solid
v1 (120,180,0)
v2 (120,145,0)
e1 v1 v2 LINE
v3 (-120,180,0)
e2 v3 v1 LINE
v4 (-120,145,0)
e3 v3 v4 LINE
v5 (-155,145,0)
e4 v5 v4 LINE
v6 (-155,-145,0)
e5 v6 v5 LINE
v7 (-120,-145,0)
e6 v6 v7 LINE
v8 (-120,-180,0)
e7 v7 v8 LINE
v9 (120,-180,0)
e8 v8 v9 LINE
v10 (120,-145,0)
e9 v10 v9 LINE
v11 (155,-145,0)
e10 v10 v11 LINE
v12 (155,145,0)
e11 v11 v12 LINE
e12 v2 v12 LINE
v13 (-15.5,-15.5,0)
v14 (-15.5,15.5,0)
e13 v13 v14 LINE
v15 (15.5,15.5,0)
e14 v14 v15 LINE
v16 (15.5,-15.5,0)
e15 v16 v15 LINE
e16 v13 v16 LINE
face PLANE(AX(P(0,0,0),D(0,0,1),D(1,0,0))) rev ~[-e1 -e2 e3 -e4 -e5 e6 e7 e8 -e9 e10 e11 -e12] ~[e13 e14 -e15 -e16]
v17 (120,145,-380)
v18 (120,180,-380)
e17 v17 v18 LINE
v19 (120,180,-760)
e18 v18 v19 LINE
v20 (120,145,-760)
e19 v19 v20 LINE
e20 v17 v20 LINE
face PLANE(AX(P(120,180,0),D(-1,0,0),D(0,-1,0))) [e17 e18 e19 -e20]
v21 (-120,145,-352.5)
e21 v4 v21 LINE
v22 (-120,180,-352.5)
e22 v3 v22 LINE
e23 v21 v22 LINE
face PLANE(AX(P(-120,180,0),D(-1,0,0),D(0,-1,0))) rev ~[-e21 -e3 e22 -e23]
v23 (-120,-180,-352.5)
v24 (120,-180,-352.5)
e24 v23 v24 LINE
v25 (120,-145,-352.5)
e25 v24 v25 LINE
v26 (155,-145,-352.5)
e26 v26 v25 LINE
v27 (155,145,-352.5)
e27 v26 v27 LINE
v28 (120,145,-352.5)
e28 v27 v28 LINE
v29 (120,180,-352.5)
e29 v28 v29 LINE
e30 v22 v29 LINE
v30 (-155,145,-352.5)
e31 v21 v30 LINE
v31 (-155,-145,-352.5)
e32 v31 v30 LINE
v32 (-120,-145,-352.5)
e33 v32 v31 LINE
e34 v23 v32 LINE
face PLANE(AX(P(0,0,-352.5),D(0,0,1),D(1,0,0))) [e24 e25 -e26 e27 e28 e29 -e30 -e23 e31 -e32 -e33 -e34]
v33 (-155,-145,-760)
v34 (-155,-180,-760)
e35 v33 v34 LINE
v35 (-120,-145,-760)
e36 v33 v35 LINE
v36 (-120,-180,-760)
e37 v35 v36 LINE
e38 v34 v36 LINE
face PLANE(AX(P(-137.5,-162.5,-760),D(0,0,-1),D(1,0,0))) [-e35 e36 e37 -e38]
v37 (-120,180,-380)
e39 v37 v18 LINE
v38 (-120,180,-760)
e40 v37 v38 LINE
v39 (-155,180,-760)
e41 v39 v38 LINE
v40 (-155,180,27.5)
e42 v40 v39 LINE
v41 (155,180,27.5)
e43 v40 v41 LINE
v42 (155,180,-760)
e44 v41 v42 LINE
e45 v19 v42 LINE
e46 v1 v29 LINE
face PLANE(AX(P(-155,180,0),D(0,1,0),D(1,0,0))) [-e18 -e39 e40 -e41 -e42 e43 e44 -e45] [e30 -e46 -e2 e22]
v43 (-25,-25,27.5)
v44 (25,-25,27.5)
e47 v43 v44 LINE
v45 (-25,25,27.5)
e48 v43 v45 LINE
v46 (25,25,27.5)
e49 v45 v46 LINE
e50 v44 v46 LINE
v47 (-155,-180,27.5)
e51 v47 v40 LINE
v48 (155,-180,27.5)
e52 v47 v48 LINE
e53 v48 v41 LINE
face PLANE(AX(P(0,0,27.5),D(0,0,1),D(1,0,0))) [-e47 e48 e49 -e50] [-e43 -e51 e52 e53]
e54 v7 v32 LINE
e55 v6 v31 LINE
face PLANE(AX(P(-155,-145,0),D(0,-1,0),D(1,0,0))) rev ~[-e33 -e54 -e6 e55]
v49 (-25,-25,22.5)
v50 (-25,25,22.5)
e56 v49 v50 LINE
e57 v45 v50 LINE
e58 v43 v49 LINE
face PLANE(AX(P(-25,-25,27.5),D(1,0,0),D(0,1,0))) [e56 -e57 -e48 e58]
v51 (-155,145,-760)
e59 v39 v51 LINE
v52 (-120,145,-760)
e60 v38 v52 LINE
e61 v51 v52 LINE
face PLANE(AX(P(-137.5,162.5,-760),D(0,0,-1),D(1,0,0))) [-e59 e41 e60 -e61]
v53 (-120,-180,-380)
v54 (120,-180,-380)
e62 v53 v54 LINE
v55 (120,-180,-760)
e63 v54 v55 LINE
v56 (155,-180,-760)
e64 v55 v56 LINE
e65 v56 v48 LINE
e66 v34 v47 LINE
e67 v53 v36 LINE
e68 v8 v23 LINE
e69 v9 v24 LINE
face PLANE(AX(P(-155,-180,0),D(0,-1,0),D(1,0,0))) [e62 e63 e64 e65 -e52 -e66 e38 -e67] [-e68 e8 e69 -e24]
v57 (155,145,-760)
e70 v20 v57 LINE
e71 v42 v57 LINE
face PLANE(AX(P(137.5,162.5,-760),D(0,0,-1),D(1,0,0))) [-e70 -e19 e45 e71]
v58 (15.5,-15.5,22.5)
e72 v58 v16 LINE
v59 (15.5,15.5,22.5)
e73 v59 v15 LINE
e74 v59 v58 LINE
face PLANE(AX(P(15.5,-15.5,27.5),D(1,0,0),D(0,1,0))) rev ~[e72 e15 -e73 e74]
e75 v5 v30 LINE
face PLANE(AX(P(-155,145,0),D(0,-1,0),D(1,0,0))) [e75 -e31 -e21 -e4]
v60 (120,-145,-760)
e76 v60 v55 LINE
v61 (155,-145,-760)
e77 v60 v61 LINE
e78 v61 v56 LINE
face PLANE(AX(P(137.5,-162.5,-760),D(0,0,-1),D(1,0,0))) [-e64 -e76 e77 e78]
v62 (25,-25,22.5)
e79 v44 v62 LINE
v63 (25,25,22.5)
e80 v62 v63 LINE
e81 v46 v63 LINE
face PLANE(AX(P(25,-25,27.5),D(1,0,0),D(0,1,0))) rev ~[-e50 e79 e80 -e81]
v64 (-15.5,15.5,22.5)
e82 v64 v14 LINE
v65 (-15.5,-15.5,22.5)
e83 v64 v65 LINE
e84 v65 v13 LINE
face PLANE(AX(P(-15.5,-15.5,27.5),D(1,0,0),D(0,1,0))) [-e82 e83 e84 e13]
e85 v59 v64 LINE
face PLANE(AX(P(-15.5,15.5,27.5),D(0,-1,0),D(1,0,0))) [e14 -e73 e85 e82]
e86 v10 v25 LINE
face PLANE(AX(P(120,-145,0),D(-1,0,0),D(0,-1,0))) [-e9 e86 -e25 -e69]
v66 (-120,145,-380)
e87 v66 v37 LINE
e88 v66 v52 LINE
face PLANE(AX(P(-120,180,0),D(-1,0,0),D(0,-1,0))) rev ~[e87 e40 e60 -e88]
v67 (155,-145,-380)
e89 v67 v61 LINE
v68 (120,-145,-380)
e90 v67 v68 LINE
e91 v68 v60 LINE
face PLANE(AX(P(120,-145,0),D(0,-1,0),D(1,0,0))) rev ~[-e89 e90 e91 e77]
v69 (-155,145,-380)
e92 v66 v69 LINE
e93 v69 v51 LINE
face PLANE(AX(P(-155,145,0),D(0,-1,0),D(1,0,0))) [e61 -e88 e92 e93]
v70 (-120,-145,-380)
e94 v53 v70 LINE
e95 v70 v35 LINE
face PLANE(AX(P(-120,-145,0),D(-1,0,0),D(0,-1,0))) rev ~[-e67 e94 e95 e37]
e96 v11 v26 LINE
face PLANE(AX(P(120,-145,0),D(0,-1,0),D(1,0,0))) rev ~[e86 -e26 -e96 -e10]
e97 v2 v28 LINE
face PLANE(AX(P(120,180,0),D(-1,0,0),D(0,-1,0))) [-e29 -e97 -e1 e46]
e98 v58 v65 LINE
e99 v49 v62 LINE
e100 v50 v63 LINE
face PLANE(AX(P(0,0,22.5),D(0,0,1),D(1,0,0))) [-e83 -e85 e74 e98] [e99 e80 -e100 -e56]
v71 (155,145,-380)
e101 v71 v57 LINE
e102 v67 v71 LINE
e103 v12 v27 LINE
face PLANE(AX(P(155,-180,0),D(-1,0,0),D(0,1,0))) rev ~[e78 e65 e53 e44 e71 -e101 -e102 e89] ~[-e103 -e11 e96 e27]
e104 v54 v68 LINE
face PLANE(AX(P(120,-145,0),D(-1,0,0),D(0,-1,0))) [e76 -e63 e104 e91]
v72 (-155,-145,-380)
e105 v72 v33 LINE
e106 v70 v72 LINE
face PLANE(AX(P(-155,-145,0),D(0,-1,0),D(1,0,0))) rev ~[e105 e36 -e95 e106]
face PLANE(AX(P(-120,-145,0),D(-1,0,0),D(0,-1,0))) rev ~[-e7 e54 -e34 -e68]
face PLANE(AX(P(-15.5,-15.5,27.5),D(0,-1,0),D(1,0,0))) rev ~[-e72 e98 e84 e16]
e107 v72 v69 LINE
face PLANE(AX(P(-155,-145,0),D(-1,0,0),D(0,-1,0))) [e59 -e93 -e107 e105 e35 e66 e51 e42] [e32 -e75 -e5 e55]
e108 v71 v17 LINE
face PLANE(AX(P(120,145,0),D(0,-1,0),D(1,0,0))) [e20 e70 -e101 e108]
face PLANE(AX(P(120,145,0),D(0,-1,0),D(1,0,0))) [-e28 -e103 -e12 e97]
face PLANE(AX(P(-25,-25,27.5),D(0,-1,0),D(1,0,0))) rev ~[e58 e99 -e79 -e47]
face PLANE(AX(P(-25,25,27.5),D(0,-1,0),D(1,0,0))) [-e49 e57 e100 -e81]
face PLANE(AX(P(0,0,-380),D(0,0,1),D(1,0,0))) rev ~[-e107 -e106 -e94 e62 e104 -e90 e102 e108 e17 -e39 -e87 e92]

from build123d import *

# Parameters (mm, degrees)
SKETCH_W            = 310
SKETCH_H            = 360
PAD_DEPTH           = 27.5
SKETCH001_W         = 35
SKETCH001_H         = 35
PAD001_DEPTH        = 760
LINEARPATTERN_COUNT = 2
LINEARPATTERN_PITCH = 380
SKETCH002_W         = 31
SKETCH002_H         = 31
POCKET_DEPTH        = 28
SKETCH003_W         = 50
SKETCH003_H         = 50
POCKET001_DEPTH     = 5


with BuildPart() as part:
    # Sketch → Pad (new body)
    with BuildSketch(Plane.XY):
        Rectangle(SKETCH_W, SKETCH_H)
    pad = extrude(amount=PAD_DEPTH)

    # Sketch001 (on Face5 of Pad) → Pad001 (join)
    with BuildSketch(Plane(origin=(0, 0, 0), x_dir=(1, 0, 0), z_dir=(0, 0, -1))):
        with Locations((-137.5, 162.5)):
            Rectangle(SKETCH001_W, SKETCH001_H)
        with Locations((-137.5, -162.5)):
            Rectangle(SKETCH001_W, SKETCH001_H)
        with Locations((137.5, 162.5)):
            Rectangle(SKETCH001_W, SKETCH001_H)
        with Locations((137.5, -162.5)):
            Rectangle(SKETCH001_W, SKETCH001_H)
    extrude(amount=PAD001_DEPTH)

    # LinearPattern: Pad ×2
    with Locations(*[(0, 0, -i * LINEARPATTERN_PITCH) for i in range(1, LINEARPATTERN_COUNT)]):
        add(pad)

    # Sketch002 (on Face15 of LinearPattern) → Pocket (cut)
    with BuildSketch(Plane.XY.offset(27.5)):
        Rectangle(SKETCH002_W, SKETCH002_H)
    extrude(amount=-POCKET_DEPTH, mode=Mode.SUBTRACT)

    # Sketch003 (on Face16 of Pocket) → Pocket001 (cut)
    with BuildSketch(Plane.XY.offset(27.5)):
        Rectangle(SKETCH003_W, SKETCH003_H)
    extrude(amount=-POCKET001_DEPTH, mode=Mode.SUBTRACT)


solid = part.part
